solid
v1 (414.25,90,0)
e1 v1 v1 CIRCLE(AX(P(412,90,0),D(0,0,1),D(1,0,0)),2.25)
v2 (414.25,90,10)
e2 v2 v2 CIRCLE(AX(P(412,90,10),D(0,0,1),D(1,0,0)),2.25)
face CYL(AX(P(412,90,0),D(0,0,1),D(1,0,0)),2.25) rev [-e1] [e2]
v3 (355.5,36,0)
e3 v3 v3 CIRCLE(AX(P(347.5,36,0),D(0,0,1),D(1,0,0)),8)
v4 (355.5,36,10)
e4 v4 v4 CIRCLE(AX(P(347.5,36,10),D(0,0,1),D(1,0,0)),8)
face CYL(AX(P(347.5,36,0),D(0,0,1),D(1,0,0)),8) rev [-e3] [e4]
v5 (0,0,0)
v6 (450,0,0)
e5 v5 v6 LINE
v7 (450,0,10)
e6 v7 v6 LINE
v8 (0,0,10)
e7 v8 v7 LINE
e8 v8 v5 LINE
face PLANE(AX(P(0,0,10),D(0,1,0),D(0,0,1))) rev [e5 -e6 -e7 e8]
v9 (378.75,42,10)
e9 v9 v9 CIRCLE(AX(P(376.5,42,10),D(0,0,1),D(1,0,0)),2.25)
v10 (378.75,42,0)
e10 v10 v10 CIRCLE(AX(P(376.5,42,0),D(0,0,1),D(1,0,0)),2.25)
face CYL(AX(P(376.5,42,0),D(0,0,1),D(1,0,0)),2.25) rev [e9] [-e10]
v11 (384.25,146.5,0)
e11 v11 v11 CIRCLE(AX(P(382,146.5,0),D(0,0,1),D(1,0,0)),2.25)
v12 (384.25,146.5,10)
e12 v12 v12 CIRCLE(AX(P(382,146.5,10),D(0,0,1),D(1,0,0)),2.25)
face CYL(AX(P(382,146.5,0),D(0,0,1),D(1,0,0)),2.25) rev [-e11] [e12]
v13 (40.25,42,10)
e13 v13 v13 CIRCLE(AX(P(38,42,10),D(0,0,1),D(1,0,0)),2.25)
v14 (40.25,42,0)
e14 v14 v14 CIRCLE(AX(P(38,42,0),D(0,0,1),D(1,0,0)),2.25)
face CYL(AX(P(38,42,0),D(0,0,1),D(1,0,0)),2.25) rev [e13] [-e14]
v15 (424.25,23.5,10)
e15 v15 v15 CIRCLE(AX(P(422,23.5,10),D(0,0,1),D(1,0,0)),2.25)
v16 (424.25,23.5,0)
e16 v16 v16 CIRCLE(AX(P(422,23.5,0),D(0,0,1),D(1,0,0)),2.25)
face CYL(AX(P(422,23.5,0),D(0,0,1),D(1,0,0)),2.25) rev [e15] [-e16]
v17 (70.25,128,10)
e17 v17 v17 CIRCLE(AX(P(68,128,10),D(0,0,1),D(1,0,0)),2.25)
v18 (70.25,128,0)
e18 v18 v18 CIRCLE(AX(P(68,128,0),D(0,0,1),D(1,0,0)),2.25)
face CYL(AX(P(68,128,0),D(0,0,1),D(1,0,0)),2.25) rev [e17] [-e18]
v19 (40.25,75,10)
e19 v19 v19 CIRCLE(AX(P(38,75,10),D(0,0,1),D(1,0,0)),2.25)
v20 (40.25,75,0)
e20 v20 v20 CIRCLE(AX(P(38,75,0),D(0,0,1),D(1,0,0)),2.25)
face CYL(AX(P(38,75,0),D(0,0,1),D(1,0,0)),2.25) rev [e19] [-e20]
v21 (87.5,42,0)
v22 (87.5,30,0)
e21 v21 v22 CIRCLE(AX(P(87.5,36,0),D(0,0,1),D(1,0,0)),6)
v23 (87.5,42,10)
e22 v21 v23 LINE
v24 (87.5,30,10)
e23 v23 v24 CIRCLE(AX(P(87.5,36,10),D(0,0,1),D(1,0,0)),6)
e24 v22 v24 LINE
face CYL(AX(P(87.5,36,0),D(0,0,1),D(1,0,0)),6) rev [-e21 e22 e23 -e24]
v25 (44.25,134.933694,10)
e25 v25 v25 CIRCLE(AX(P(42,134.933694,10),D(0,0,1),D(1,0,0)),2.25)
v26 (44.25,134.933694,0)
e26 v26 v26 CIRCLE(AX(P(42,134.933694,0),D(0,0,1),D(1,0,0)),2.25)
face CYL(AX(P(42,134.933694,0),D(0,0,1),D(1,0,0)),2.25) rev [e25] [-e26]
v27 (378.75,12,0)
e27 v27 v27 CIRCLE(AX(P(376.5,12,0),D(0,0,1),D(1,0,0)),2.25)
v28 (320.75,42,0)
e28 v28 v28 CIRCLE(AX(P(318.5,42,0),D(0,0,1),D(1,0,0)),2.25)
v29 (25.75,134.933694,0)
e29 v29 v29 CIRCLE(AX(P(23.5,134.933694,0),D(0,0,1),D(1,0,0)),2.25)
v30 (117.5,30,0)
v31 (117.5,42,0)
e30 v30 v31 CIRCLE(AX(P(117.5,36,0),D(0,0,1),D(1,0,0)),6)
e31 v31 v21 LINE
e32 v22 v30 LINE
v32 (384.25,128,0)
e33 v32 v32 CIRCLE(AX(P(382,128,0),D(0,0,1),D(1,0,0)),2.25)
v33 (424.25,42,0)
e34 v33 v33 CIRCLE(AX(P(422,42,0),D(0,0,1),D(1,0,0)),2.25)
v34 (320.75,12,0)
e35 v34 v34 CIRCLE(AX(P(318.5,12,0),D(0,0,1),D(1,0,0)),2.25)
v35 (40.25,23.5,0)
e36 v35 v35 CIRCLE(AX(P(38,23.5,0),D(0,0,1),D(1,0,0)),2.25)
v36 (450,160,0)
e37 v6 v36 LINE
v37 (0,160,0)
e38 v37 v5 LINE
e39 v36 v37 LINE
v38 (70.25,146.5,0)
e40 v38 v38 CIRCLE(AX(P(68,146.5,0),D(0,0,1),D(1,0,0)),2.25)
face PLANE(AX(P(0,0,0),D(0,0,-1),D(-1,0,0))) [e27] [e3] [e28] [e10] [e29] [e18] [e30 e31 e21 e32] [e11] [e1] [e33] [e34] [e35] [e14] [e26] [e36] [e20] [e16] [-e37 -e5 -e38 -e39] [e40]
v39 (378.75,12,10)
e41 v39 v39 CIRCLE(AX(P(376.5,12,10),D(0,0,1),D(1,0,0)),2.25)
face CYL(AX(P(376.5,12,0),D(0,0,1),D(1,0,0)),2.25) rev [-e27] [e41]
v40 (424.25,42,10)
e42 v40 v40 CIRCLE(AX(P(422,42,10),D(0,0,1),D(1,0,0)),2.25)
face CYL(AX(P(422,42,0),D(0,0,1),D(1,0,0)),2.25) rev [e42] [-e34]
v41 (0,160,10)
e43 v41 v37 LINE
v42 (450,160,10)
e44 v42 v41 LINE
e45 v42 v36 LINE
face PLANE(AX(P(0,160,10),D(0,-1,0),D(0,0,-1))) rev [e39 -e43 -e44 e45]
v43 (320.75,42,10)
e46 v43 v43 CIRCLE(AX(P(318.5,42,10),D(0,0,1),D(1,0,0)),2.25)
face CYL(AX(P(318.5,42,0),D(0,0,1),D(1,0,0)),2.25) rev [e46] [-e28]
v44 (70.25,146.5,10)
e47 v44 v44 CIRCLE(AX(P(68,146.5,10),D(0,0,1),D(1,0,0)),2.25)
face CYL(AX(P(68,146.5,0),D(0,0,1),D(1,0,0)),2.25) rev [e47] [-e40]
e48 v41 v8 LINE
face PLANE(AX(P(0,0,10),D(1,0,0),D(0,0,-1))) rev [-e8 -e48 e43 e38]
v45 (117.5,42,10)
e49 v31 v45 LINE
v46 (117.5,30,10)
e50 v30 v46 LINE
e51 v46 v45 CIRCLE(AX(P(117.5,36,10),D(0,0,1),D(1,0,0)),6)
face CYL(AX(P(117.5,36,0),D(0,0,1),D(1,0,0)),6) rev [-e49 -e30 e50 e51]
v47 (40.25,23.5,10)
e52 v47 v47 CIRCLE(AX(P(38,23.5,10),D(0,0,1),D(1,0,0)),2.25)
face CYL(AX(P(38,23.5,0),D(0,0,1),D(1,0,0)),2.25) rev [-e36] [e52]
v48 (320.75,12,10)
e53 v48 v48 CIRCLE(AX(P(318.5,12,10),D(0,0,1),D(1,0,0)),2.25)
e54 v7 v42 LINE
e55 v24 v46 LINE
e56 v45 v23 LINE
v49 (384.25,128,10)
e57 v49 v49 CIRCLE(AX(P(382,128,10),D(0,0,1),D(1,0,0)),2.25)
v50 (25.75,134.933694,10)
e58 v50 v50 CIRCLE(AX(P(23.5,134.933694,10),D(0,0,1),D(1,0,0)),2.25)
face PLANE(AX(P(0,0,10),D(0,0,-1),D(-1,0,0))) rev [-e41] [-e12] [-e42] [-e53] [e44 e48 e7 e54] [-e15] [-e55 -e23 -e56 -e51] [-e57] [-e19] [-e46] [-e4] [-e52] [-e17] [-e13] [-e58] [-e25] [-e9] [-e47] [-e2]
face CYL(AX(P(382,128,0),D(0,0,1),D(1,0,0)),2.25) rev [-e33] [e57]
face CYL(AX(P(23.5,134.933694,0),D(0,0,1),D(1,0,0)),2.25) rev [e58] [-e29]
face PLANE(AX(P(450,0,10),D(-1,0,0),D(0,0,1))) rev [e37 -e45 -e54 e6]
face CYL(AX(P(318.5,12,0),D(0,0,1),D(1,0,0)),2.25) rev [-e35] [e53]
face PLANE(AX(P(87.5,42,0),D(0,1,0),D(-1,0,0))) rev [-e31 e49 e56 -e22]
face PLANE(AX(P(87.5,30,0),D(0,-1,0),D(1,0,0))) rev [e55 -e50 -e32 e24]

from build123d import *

# Parameters (mm, degrees)
SCHIZZO1_W                   = 450
SCHIZZO1_H                   = 160
ESTRUSIONE_ESTRUSIONE1_DEPTH = 10
SCHIZZO2_R                   = 8
SCHIZZO2_R_2                 = 2.25
TAGLIO_ESTRUSIONE1_DEPTH     = 10


with BuildPart() as part:
    # Schizzo1 → Estrusione-Estrusione1 (new body)
    with BuildSketch(Plane.XY):
        with Locations((225, 80)):
            Rectangle(SCHIZZO1_W, SCHIZZO1_H)
    extrude(amount=ESTRUSIONE_ESTRUSIONE1_DEPTH)

    # Schizzo2 → Taglio-Estrusione1 (cut)
    with BuildSketch(Plane.XY.offset(10)):
        with Locations((347.5, 36)):
            Circle(SCHIZZO2_R)
        with Locations((376.5, 42)):
            Circle(SCHIZZO2_R_2)
        with Locations((318.5, 42)):
            Circle(SCHIZZO2_R_2)
        with Locations((318.5, 12)):
            Circle(SCHIZZO2_R_2)
        with Locations((376.5, 12)):
            Circle(SCHIZZO2_R_2)
        with Locations((382, 146.5)):
            Circle(SCHIZZO2_R_2)
        with Locations((382, 128)):
            Circle(SCHIZZO2_R_2)
        with Locations((68, 146.5)):
            Circle(SCHIZZO2_R_2)
        with Locations((68, 128)):
            Circle(SCHIZZO2_R_2)
        with Locations((38, 42)):
            Circle(SCHIZZO2_R_2)
        with Locations((38, 23.5)):
            Circle(SCHIZZO2_R_2)
        with Locations((422, 23.5)):
            Circle(SCHIZZO2_R_2)
        with Locations((422, 42)):
            Circle(SCHIZZO2_R_2)
        with Locations((23.5, 134.933694222)):
            Circle(SCHIZZO2_R_2)
        with Locations((42, 134.933694222)):
            Circle(SCHIZZO2_R_2)
        with Locations((38, 75)):
            Circle(SCHIZZO2_R_2)
        with Locations((412, 90)):
            Circle(SCHIZZO2_R_2)
        with BuildLine():
            Line((87.5, 42), (117.5, 42))
            ThreePointArc((117.5, 42), (123.5, 36), (117.5, 30))
            Line((117.5, 30), (87.5, 30))
            ThreePointArc((87.5, 30), (81.5, 36), (87.5, 42))
        make_face()
    extrude(amount=-TAGLIO_ESTRUSIONE1_DEPTH, mode=Mode.SUBTRACT)


solid = part.part
